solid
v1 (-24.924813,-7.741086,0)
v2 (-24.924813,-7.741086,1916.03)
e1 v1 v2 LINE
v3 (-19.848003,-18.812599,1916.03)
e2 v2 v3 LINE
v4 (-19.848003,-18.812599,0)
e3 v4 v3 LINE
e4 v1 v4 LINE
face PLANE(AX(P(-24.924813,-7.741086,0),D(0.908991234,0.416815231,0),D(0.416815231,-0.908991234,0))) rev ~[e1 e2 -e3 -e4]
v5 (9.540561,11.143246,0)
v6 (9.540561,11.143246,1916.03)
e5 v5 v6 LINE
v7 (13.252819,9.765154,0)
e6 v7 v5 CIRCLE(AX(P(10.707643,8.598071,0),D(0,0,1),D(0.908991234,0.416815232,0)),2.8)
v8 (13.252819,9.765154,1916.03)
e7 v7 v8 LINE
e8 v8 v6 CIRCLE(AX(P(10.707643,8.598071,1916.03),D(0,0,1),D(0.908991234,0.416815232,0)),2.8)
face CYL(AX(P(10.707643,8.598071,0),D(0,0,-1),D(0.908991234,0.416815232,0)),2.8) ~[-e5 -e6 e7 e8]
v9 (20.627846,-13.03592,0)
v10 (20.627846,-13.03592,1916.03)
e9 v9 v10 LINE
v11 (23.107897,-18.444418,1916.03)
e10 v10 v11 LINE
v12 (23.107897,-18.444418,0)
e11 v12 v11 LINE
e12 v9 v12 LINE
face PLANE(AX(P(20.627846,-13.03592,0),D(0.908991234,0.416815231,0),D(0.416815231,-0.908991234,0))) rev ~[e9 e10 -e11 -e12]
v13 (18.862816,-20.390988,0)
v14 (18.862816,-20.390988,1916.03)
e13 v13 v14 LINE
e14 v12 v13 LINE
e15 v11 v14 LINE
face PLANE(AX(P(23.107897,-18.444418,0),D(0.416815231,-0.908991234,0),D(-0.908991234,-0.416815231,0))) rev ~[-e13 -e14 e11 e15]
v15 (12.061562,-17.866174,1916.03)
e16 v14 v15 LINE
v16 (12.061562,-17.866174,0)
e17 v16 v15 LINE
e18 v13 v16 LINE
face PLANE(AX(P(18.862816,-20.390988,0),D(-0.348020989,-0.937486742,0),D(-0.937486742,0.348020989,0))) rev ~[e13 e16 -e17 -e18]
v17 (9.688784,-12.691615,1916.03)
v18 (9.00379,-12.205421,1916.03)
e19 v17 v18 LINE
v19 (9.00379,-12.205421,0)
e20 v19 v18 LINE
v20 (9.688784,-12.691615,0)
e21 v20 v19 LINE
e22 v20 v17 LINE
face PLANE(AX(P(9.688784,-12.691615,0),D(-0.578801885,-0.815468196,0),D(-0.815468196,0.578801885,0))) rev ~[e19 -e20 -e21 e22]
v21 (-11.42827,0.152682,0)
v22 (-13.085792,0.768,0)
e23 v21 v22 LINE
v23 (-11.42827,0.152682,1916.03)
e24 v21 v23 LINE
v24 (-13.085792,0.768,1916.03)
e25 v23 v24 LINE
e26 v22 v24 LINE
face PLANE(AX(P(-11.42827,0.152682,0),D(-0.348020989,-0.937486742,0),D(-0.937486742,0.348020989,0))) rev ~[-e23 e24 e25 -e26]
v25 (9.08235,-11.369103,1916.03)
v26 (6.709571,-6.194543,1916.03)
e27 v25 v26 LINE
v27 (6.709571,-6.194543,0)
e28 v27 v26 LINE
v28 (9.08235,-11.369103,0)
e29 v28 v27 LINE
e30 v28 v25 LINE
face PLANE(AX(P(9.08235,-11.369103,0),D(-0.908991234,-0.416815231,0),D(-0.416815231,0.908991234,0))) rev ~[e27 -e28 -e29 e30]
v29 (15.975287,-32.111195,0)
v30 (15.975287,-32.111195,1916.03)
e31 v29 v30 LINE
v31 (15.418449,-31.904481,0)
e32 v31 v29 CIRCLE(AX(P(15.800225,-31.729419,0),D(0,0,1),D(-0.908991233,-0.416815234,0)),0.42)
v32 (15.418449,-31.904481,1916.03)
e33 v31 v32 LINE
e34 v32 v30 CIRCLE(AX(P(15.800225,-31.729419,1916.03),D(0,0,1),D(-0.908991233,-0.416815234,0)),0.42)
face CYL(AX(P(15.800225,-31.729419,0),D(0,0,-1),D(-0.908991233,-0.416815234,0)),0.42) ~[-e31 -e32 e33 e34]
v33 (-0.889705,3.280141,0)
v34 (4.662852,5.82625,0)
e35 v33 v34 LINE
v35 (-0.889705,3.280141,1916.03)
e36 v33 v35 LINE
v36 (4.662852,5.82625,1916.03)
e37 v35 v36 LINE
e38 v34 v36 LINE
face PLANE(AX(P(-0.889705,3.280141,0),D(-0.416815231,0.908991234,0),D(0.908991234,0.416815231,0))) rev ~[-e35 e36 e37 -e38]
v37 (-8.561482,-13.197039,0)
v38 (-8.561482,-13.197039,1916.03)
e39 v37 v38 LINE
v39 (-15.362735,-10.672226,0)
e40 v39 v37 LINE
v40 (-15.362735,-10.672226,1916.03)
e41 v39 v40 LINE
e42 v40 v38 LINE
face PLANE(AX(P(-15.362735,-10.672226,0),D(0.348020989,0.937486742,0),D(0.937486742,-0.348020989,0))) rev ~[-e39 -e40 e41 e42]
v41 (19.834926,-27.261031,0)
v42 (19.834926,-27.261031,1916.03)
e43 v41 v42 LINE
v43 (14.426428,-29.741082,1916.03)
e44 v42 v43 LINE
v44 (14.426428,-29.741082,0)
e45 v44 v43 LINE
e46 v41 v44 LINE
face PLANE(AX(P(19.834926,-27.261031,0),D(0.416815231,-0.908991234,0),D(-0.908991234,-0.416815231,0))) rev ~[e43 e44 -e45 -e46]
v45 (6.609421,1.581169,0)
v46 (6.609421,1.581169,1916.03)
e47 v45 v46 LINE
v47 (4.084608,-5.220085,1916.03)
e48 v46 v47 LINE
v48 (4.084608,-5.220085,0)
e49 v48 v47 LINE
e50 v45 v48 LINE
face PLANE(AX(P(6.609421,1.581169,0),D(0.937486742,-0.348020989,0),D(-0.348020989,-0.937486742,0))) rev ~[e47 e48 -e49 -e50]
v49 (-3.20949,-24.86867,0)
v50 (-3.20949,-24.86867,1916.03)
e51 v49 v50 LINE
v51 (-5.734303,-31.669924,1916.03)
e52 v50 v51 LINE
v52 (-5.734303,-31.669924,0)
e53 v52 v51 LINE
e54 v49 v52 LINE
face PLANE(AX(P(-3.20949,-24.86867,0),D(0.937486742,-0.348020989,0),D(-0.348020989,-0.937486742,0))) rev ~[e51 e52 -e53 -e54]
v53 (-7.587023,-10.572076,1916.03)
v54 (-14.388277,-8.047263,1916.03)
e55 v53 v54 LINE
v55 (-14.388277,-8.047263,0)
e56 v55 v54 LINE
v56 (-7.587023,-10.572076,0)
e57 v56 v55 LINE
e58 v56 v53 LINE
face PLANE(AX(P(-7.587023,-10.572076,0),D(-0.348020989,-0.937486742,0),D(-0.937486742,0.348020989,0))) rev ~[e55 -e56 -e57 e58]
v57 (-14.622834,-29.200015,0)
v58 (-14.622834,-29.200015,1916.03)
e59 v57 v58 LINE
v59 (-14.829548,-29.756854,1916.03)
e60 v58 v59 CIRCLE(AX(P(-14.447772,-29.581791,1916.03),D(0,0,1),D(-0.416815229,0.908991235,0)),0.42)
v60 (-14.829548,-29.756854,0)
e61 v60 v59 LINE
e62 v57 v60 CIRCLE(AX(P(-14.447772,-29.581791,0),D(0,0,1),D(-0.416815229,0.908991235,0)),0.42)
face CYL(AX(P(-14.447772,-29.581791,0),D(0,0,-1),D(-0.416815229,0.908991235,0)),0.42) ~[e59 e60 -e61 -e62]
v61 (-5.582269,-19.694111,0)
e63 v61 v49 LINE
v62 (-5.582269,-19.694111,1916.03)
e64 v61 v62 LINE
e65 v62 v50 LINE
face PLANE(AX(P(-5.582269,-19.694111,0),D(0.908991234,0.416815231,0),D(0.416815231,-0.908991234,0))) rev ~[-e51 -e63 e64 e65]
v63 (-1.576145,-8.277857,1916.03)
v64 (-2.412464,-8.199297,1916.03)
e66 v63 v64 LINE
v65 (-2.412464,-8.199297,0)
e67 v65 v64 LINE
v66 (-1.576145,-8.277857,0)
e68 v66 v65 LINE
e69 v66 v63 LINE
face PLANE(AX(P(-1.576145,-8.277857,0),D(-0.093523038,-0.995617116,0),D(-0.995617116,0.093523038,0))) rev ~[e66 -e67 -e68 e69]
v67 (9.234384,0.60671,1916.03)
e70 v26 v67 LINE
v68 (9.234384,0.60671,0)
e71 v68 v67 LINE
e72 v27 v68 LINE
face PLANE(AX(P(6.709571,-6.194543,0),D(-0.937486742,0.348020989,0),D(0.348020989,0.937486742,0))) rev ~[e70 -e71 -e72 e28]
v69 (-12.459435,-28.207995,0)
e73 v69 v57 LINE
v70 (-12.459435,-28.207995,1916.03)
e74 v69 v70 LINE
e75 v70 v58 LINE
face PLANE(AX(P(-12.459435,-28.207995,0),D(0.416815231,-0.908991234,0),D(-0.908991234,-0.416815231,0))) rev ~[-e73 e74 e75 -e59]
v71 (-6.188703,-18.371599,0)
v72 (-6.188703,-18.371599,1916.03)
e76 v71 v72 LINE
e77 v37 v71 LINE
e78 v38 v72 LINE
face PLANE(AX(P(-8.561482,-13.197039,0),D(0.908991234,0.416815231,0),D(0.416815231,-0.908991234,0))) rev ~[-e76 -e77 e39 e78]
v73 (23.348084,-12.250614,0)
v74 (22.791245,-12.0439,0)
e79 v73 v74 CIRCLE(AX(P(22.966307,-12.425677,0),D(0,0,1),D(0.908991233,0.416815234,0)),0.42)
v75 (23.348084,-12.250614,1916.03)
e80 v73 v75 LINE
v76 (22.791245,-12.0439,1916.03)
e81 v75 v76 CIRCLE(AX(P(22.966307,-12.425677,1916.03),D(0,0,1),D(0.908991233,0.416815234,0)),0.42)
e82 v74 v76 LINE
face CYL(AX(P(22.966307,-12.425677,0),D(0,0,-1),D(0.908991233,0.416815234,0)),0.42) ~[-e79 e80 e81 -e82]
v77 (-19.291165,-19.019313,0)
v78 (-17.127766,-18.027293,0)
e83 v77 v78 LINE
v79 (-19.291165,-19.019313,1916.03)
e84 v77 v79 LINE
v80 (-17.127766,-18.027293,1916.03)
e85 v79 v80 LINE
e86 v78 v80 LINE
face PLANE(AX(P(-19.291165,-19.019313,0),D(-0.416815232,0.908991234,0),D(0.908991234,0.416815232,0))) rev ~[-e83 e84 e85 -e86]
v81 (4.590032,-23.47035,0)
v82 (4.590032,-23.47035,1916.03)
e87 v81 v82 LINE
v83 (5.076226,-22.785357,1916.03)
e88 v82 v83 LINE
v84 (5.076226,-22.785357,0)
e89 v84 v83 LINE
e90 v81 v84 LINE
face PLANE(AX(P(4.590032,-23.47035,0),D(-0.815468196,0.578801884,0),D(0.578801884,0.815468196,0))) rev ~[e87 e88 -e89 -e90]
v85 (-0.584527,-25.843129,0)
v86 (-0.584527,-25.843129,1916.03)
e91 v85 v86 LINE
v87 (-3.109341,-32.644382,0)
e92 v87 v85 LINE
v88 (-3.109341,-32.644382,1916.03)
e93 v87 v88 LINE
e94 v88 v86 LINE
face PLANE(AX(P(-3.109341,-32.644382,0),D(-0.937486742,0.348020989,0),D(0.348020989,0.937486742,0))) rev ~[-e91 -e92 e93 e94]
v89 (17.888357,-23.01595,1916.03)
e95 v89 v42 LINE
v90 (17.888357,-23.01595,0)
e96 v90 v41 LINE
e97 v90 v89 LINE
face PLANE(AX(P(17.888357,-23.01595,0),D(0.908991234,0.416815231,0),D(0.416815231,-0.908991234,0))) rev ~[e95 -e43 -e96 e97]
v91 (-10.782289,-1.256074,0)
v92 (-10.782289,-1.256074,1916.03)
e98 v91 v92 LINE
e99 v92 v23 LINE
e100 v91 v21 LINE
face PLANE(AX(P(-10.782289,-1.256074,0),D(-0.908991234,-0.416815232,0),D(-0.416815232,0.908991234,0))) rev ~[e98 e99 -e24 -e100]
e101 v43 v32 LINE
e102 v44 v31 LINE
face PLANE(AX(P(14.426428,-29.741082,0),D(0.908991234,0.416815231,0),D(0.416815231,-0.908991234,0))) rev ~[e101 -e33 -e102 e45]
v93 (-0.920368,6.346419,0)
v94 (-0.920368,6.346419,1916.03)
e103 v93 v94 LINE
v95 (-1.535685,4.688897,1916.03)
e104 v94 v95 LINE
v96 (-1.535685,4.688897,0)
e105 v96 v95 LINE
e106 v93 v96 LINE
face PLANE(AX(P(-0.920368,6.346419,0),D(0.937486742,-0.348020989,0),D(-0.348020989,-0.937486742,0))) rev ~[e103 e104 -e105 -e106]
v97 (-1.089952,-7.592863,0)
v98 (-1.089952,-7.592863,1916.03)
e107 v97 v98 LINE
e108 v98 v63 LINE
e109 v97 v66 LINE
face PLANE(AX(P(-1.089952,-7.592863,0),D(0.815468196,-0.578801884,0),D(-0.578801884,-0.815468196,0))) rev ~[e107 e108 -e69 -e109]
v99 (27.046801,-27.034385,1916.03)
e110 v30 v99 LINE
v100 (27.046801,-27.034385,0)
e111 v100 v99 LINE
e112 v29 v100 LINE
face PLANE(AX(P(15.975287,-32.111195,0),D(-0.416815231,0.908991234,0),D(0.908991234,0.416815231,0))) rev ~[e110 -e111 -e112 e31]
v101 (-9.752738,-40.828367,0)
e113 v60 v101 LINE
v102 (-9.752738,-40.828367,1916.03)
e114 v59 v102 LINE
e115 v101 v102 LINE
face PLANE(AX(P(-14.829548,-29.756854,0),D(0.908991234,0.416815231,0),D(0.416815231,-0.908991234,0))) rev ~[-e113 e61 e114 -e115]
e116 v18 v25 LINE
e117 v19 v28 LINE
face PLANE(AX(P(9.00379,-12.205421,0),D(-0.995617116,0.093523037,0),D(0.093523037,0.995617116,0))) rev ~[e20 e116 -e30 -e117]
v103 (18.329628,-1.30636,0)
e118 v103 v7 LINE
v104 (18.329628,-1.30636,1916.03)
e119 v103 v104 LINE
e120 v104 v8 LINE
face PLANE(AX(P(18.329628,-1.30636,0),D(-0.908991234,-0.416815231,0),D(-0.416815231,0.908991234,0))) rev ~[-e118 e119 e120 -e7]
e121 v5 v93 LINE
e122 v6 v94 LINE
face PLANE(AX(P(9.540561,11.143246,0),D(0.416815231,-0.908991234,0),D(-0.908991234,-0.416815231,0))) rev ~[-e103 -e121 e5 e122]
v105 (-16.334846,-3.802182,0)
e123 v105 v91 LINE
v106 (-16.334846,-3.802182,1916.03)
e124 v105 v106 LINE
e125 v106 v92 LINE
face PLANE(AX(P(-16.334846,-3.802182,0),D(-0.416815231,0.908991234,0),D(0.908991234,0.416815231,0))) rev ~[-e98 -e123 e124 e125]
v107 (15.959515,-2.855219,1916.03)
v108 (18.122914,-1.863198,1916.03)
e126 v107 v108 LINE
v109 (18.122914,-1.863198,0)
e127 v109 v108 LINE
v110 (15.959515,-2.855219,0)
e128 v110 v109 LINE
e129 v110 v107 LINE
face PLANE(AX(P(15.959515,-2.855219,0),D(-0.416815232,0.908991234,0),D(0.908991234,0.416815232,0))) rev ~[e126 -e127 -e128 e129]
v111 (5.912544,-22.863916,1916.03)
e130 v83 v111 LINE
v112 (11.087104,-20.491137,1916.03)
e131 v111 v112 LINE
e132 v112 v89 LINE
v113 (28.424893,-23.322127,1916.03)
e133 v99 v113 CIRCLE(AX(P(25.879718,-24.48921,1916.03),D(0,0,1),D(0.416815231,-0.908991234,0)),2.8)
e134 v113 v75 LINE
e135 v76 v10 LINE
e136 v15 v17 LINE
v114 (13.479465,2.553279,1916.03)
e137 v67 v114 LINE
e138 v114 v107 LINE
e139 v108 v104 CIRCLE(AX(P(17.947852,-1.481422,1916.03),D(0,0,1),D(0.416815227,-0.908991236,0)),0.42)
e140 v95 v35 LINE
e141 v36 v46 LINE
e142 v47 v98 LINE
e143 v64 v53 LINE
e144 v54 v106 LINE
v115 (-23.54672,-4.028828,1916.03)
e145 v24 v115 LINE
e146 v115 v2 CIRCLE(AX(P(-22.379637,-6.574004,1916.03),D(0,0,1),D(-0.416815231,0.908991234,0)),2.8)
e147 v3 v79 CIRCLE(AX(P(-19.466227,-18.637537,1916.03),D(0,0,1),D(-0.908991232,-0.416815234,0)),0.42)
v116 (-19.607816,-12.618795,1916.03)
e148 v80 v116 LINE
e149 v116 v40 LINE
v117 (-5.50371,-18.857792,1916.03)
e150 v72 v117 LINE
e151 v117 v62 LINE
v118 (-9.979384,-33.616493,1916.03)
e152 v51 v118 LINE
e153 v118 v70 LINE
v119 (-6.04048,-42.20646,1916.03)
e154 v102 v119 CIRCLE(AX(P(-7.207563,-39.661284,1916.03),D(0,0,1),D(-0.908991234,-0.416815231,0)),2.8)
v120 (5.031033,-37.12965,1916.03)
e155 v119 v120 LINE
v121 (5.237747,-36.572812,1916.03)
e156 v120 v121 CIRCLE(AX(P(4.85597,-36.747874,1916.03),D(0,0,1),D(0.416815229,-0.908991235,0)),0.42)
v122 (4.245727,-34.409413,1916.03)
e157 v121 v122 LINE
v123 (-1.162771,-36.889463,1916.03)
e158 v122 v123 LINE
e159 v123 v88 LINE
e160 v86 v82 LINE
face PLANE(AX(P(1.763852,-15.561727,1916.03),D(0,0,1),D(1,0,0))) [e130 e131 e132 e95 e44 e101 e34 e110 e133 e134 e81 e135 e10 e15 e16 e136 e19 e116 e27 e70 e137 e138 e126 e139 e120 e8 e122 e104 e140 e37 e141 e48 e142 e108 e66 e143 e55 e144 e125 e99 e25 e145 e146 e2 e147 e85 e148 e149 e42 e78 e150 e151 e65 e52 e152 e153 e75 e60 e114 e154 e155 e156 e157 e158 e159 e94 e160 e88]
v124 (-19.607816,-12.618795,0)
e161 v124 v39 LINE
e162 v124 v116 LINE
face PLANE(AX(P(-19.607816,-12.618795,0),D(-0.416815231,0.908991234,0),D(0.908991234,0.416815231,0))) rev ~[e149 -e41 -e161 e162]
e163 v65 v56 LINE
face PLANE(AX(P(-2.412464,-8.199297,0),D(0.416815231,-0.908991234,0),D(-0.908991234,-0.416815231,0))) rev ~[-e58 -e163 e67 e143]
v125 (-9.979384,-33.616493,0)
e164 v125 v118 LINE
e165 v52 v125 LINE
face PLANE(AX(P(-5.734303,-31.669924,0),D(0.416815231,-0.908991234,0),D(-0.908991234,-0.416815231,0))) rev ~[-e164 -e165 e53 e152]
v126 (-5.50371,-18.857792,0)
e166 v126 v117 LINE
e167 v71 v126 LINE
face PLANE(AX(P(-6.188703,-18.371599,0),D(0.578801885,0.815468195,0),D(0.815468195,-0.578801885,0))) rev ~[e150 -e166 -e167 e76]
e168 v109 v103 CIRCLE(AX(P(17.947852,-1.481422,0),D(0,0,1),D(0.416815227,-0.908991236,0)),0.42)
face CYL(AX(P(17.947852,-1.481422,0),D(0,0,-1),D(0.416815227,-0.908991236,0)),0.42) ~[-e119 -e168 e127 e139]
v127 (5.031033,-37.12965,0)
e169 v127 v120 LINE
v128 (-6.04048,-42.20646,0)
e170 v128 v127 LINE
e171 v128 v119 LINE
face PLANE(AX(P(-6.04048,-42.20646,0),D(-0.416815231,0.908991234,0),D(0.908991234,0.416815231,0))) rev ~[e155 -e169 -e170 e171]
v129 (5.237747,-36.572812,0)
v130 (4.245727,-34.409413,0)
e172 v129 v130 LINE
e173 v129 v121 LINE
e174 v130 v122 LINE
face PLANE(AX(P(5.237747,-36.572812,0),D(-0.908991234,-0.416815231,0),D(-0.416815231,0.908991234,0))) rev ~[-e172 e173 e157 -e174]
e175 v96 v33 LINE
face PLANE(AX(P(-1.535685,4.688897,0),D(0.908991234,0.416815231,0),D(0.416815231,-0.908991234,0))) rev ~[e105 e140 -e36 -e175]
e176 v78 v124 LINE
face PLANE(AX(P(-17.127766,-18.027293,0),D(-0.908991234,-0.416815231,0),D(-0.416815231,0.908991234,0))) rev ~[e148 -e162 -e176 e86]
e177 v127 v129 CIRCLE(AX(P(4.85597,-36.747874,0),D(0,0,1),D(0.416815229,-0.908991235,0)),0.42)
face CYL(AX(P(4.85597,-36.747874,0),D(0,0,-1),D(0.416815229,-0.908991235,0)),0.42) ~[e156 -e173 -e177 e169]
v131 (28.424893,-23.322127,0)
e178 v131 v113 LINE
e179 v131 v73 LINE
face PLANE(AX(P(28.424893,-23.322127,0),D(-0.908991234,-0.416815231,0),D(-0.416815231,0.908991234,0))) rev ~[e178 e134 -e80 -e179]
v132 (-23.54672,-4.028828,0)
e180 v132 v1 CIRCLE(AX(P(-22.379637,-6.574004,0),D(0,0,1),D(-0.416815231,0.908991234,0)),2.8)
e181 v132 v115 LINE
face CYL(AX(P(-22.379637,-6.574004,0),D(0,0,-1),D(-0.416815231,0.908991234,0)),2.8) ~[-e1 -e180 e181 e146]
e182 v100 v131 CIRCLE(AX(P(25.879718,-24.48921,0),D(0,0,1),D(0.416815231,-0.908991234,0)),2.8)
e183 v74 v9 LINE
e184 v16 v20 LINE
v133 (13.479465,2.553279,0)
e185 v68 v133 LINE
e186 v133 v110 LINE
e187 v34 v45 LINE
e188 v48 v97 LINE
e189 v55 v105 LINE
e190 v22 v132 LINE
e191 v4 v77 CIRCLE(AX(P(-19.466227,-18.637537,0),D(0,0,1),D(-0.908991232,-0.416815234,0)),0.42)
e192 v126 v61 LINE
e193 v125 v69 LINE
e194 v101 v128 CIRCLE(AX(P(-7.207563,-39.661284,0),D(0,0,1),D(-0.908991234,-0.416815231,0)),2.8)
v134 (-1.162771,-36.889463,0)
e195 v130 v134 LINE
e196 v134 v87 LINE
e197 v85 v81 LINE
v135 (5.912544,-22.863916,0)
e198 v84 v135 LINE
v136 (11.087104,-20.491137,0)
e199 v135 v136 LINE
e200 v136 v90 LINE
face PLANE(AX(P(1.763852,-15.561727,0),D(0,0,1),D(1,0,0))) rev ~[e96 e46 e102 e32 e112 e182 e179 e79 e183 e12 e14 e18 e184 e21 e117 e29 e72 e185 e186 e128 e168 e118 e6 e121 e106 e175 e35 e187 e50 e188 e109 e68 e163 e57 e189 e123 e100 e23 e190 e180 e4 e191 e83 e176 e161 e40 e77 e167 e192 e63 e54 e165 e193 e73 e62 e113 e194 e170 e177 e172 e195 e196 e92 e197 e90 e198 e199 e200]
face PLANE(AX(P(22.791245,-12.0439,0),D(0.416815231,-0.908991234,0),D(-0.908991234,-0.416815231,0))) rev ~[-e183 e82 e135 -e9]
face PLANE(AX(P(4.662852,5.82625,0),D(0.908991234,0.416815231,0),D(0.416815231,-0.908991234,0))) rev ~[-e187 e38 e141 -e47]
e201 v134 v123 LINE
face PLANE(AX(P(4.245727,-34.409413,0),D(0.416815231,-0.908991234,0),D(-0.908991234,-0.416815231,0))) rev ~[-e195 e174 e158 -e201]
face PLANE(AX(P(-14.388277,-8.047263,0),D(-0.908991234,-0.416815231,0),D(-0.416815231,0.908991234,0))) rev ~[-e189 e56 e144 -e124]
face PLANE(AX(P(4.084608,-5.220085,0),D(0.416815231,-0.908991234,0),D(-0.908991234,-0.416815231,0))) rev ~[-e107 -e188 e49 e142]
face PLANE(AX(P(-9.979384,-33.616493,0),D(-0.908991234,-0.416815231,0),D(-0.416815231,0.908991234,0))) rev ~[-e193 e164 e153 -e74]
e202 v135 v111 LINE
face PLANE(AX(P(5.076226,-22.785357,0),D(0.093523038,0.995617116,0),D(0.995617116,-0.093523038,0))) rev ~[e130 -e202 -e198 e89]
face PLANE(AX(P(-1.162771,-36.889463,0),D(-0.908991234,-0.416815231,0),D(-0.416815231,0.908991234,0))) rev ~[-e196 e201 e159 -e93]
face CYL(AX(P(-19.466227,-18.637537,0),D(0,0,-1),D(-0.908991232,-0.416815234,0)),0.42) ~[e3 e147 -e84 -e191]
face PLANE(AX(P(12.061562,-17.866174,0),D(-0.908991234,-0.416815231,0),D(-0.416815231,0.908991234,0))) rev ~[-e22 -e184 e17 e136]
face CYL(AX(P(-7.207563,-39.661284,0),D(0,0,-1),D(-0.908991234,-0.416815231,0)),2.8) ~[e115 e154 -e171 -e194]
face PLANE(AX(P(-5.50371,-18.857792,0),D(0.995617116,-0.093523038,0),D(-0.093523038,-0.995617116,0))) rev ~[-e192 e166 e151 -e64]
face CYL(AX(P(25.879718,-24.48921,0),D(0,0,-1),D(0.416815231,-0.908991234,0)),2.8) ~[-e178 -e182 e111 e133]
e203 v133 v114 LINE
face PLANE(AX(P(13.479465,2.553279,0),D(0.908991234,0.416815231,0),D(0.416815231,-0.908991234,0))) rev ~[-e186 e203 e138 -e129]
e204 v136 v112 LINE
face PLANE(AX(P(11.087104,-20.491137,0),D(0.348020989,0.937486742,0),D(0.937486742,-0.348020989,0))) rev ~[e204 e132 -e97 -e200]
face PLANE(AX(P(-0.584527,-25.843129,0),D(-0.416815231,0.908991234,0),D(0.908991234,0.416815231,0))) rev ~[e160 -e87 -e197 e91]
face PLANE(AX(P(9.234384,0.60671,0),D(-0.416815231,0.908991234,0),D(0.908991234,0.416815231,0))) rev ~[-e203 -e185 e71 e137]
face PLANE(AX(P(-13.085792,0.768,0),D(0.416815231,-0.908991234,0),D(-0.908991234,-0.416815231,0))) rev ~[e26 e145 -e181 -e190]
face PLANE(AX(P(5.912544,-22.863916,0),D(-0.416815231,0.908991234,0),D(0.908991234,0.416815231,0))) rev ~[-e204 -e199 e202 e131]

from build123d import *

# Parameters (mm, degrees)
BOSS_EXTRUDE1_DEPTH = 1916.03


with BuildPart() as part:
    # Sketch1 → Boss-Extrude1 (new body)
    with BuildSketch(Plane.XY):
        with BuildLine():
            Line((9.540560799, 11.143246319), (-0.920367578, 6.346418672))
            Line((-0.920367578, 6.346418672), (-1.535685442, 4.688896979))
            Line((-1.535685442, 4.688896979), (-0.889704709, 3.280141302))
            Line((-0.889704709, 3.280141302), (4.662851743, 5.826249577))
            Line((4.662851743, 5.826249577), (6.609420976, 1.581168696))
            Line((6.609420976, 1.581168696), (4.0846078, -5.220084546))
            Line((4.0846078, -5.220084546), (-1.08995176, -7.592863468))
            Line((-1.08995176, -7.592863468), (-1.576145343, -8.277856753))
            Line((-1.576145343, -8.277856753), (-2.41246372, -8.199297401))
            Line((-2.41246372, -8.199297401), (-7.58702328, -10.572076323))
            Line((-7.58702328, -10.572076323), (-14.388276522, -8.047263147))
            Line((-14.388276522, -8.047263147), (-16.334845756, -3.802182266))
            Line((-16.334845756, -3.802182266), (-10.782289304, -1.256073991))
            Line((-10.782289304, -1.256073991), (-11.428270037, 0.152681685))
            Line((-11.428270037, 0.152681685), (-13.08579173, 0.767999548))
            Line((-13.08579173, 0.767999548), (-23.546720108, -4.028828099))
            ThreePointArc((-23.546720108, -4.028828099), (-25.004600338, -5.599544785), (-24.924812915, -7.741086201))
            Line((-24.924812915, -7.741086201), (-19.848003398, -18.812599428))
            ThreePointArc((-19.848003398, -18.812599428), (-19.612395895, -19.031281462), (-19.291164682, -19.019313349))
            Line((-19.291164682, -19.019313349), (-17.127765546, -18.027293098))
            Line((-17.127765546, -18.027293098), (-19.607816172, -12.618795258))
            Line((-19.607816172, -12.618795258), (-15.362735291, -10.672226024))
            Line((-15.362735291, -10.672226024), (-8.561482049, -13.197039201))
            Line((-8.561482049, -13.197039201), (-6.188703127, -18.37159876))
            Line((-6.188703127, -18.37159876), (-5.503709842, -18.857792344))
            Line((-5.503709842, -18.857792344), (-5.582269194, -19.694110721))
            Line((-5.582269194, -19.694110721), (-3.209490272, -24.868670281))
            Line((-3.209490272, -24.868670281), (-5.734303449, -31.669923523))
            Line((-5.734303449, -31.669923523), (-9.97938433, -33.616492757))
            Line((-9.97938433, -33.616492757), (-12.459434956, -28.207994916))
            Line((-12.459434956, -28.207994916), (-14.622834092, -29.200015166))
            ThreePointArc((-14.622834092, -29.200015166), (-14.841516127, -29.435622669), (-14.829548013, -29.756853882))
            Line((-14.829548013, -29.756853882), (-9.752738496, -40.828367108))
            ThreePointArc((-9.752738496, -40.828367108), (-8.182021811, -42.286247338), (-6.040480394, -42.206459915))
            Line((-6.040480394, -42.206459915), (5.031032832, -37.129650398))
            ThreePointArc((5.031032832, -37.129650398), (5.249714867, -36.894042895), (5.237746753, -36.572811683))
            Line((5.237746753, -36.572811683), (4.245726503, -34.409412547))
            Line((4.245726503, -34.409412547), (-1.162771338, -36.889463173))
            Line((-1.162771338, -36.889463173), (-3.109340571, -32.644382292))
            Line((-3.109340571, -32.644382292), (-0.584527395, -25.84312905))
            Line((-0.584527395, -25.84312905), (4.590032165, -23.470350128))
            Line((4.590032165, -23.470350128), (5.076225748, -22.785356843))
            Line((5.076225748, -22.785356843), (5.912544125, -22.863916195))
            Line((5.912544125, -22.863916195), (11.087103685, -20.491137273))
            Line((11.087103685, -20.491137273), (17.888356928, -23.015950449))
            Line((17.888356928, -23.015950449), (19.834926161, -27.26103133))
            Line((19.834926161, -27.26103133), (14.426428321, -29.741081956))
            Line((14.426428321, -29.741081956), (15.418448571, -31.904481093))
            ThreePointArc((15.418448571, -31.904481093), (15.654056074, -32.123163127), (15.975287286, -32.111195014))
            Line((15.975287286, -32.111195014), (27.046800513, -27.034385497))
            ThreePointArc((27.046800513, -27.034385497), (28.504680743, -25.463668811), (28.42489332, -23.322127395))
            Line((28.42489332, -23.322127395), (23.348083803, -12.250614168))
            ThreePointArc((23.348083803, -12.250614168), (23.1124763, -12.031932134), (22.791245088, -12.043900247))
            Line((22.791245088, -12.043900247), (20.627845951, -13.035920498))
            Line((20.627845951, -13.035920498), (23.107896577, -18.444418338))
            Line((23.107896577, -18.444418338), (18.862815696, -20.390987572))
            Line((18.862815696, -20.390987572), (12.061562454, -17.866174395))
            Line((12.061562454, -17.866174395), (9.688783532, -12.691614835))
            Line((9.688783532, -12.691614835), (9.003790248, -12.205421252))
            Line((9.003790248, -12.205421252), (9.082349599, -11.369102875))
            Line((9.082349599, -11.369102875), (6.709570677, -6.194543315))
            Line((6.709570677, -6.194543315), (9.234383854, 0.606709927))
            Line((9.234383854, 0.606709927), (13.479464735, 2.553279161))
            Line((13.479464735, 2.553279161), (15.959515361, -2.85521868))
            Line((15.959515361, -2.85521868), (18.122914497, -1.863198429))
            ThreePointArc((18.122914497, -1.863198429), (18.341596532, -1.627590927), (18.329628418, -1.306359714))
            Line((18.329628418, -1.306359714), (13.252818901, 9.765153513))
            ThreePointArc((13.252818901, 9.765153513), (11.682102216, 11.223033742), (9.540560799, 11.143246319))
        make_face()
    extrude(amount=BOSS_EXTRUDE1_DEPTH)


solid = part.part
